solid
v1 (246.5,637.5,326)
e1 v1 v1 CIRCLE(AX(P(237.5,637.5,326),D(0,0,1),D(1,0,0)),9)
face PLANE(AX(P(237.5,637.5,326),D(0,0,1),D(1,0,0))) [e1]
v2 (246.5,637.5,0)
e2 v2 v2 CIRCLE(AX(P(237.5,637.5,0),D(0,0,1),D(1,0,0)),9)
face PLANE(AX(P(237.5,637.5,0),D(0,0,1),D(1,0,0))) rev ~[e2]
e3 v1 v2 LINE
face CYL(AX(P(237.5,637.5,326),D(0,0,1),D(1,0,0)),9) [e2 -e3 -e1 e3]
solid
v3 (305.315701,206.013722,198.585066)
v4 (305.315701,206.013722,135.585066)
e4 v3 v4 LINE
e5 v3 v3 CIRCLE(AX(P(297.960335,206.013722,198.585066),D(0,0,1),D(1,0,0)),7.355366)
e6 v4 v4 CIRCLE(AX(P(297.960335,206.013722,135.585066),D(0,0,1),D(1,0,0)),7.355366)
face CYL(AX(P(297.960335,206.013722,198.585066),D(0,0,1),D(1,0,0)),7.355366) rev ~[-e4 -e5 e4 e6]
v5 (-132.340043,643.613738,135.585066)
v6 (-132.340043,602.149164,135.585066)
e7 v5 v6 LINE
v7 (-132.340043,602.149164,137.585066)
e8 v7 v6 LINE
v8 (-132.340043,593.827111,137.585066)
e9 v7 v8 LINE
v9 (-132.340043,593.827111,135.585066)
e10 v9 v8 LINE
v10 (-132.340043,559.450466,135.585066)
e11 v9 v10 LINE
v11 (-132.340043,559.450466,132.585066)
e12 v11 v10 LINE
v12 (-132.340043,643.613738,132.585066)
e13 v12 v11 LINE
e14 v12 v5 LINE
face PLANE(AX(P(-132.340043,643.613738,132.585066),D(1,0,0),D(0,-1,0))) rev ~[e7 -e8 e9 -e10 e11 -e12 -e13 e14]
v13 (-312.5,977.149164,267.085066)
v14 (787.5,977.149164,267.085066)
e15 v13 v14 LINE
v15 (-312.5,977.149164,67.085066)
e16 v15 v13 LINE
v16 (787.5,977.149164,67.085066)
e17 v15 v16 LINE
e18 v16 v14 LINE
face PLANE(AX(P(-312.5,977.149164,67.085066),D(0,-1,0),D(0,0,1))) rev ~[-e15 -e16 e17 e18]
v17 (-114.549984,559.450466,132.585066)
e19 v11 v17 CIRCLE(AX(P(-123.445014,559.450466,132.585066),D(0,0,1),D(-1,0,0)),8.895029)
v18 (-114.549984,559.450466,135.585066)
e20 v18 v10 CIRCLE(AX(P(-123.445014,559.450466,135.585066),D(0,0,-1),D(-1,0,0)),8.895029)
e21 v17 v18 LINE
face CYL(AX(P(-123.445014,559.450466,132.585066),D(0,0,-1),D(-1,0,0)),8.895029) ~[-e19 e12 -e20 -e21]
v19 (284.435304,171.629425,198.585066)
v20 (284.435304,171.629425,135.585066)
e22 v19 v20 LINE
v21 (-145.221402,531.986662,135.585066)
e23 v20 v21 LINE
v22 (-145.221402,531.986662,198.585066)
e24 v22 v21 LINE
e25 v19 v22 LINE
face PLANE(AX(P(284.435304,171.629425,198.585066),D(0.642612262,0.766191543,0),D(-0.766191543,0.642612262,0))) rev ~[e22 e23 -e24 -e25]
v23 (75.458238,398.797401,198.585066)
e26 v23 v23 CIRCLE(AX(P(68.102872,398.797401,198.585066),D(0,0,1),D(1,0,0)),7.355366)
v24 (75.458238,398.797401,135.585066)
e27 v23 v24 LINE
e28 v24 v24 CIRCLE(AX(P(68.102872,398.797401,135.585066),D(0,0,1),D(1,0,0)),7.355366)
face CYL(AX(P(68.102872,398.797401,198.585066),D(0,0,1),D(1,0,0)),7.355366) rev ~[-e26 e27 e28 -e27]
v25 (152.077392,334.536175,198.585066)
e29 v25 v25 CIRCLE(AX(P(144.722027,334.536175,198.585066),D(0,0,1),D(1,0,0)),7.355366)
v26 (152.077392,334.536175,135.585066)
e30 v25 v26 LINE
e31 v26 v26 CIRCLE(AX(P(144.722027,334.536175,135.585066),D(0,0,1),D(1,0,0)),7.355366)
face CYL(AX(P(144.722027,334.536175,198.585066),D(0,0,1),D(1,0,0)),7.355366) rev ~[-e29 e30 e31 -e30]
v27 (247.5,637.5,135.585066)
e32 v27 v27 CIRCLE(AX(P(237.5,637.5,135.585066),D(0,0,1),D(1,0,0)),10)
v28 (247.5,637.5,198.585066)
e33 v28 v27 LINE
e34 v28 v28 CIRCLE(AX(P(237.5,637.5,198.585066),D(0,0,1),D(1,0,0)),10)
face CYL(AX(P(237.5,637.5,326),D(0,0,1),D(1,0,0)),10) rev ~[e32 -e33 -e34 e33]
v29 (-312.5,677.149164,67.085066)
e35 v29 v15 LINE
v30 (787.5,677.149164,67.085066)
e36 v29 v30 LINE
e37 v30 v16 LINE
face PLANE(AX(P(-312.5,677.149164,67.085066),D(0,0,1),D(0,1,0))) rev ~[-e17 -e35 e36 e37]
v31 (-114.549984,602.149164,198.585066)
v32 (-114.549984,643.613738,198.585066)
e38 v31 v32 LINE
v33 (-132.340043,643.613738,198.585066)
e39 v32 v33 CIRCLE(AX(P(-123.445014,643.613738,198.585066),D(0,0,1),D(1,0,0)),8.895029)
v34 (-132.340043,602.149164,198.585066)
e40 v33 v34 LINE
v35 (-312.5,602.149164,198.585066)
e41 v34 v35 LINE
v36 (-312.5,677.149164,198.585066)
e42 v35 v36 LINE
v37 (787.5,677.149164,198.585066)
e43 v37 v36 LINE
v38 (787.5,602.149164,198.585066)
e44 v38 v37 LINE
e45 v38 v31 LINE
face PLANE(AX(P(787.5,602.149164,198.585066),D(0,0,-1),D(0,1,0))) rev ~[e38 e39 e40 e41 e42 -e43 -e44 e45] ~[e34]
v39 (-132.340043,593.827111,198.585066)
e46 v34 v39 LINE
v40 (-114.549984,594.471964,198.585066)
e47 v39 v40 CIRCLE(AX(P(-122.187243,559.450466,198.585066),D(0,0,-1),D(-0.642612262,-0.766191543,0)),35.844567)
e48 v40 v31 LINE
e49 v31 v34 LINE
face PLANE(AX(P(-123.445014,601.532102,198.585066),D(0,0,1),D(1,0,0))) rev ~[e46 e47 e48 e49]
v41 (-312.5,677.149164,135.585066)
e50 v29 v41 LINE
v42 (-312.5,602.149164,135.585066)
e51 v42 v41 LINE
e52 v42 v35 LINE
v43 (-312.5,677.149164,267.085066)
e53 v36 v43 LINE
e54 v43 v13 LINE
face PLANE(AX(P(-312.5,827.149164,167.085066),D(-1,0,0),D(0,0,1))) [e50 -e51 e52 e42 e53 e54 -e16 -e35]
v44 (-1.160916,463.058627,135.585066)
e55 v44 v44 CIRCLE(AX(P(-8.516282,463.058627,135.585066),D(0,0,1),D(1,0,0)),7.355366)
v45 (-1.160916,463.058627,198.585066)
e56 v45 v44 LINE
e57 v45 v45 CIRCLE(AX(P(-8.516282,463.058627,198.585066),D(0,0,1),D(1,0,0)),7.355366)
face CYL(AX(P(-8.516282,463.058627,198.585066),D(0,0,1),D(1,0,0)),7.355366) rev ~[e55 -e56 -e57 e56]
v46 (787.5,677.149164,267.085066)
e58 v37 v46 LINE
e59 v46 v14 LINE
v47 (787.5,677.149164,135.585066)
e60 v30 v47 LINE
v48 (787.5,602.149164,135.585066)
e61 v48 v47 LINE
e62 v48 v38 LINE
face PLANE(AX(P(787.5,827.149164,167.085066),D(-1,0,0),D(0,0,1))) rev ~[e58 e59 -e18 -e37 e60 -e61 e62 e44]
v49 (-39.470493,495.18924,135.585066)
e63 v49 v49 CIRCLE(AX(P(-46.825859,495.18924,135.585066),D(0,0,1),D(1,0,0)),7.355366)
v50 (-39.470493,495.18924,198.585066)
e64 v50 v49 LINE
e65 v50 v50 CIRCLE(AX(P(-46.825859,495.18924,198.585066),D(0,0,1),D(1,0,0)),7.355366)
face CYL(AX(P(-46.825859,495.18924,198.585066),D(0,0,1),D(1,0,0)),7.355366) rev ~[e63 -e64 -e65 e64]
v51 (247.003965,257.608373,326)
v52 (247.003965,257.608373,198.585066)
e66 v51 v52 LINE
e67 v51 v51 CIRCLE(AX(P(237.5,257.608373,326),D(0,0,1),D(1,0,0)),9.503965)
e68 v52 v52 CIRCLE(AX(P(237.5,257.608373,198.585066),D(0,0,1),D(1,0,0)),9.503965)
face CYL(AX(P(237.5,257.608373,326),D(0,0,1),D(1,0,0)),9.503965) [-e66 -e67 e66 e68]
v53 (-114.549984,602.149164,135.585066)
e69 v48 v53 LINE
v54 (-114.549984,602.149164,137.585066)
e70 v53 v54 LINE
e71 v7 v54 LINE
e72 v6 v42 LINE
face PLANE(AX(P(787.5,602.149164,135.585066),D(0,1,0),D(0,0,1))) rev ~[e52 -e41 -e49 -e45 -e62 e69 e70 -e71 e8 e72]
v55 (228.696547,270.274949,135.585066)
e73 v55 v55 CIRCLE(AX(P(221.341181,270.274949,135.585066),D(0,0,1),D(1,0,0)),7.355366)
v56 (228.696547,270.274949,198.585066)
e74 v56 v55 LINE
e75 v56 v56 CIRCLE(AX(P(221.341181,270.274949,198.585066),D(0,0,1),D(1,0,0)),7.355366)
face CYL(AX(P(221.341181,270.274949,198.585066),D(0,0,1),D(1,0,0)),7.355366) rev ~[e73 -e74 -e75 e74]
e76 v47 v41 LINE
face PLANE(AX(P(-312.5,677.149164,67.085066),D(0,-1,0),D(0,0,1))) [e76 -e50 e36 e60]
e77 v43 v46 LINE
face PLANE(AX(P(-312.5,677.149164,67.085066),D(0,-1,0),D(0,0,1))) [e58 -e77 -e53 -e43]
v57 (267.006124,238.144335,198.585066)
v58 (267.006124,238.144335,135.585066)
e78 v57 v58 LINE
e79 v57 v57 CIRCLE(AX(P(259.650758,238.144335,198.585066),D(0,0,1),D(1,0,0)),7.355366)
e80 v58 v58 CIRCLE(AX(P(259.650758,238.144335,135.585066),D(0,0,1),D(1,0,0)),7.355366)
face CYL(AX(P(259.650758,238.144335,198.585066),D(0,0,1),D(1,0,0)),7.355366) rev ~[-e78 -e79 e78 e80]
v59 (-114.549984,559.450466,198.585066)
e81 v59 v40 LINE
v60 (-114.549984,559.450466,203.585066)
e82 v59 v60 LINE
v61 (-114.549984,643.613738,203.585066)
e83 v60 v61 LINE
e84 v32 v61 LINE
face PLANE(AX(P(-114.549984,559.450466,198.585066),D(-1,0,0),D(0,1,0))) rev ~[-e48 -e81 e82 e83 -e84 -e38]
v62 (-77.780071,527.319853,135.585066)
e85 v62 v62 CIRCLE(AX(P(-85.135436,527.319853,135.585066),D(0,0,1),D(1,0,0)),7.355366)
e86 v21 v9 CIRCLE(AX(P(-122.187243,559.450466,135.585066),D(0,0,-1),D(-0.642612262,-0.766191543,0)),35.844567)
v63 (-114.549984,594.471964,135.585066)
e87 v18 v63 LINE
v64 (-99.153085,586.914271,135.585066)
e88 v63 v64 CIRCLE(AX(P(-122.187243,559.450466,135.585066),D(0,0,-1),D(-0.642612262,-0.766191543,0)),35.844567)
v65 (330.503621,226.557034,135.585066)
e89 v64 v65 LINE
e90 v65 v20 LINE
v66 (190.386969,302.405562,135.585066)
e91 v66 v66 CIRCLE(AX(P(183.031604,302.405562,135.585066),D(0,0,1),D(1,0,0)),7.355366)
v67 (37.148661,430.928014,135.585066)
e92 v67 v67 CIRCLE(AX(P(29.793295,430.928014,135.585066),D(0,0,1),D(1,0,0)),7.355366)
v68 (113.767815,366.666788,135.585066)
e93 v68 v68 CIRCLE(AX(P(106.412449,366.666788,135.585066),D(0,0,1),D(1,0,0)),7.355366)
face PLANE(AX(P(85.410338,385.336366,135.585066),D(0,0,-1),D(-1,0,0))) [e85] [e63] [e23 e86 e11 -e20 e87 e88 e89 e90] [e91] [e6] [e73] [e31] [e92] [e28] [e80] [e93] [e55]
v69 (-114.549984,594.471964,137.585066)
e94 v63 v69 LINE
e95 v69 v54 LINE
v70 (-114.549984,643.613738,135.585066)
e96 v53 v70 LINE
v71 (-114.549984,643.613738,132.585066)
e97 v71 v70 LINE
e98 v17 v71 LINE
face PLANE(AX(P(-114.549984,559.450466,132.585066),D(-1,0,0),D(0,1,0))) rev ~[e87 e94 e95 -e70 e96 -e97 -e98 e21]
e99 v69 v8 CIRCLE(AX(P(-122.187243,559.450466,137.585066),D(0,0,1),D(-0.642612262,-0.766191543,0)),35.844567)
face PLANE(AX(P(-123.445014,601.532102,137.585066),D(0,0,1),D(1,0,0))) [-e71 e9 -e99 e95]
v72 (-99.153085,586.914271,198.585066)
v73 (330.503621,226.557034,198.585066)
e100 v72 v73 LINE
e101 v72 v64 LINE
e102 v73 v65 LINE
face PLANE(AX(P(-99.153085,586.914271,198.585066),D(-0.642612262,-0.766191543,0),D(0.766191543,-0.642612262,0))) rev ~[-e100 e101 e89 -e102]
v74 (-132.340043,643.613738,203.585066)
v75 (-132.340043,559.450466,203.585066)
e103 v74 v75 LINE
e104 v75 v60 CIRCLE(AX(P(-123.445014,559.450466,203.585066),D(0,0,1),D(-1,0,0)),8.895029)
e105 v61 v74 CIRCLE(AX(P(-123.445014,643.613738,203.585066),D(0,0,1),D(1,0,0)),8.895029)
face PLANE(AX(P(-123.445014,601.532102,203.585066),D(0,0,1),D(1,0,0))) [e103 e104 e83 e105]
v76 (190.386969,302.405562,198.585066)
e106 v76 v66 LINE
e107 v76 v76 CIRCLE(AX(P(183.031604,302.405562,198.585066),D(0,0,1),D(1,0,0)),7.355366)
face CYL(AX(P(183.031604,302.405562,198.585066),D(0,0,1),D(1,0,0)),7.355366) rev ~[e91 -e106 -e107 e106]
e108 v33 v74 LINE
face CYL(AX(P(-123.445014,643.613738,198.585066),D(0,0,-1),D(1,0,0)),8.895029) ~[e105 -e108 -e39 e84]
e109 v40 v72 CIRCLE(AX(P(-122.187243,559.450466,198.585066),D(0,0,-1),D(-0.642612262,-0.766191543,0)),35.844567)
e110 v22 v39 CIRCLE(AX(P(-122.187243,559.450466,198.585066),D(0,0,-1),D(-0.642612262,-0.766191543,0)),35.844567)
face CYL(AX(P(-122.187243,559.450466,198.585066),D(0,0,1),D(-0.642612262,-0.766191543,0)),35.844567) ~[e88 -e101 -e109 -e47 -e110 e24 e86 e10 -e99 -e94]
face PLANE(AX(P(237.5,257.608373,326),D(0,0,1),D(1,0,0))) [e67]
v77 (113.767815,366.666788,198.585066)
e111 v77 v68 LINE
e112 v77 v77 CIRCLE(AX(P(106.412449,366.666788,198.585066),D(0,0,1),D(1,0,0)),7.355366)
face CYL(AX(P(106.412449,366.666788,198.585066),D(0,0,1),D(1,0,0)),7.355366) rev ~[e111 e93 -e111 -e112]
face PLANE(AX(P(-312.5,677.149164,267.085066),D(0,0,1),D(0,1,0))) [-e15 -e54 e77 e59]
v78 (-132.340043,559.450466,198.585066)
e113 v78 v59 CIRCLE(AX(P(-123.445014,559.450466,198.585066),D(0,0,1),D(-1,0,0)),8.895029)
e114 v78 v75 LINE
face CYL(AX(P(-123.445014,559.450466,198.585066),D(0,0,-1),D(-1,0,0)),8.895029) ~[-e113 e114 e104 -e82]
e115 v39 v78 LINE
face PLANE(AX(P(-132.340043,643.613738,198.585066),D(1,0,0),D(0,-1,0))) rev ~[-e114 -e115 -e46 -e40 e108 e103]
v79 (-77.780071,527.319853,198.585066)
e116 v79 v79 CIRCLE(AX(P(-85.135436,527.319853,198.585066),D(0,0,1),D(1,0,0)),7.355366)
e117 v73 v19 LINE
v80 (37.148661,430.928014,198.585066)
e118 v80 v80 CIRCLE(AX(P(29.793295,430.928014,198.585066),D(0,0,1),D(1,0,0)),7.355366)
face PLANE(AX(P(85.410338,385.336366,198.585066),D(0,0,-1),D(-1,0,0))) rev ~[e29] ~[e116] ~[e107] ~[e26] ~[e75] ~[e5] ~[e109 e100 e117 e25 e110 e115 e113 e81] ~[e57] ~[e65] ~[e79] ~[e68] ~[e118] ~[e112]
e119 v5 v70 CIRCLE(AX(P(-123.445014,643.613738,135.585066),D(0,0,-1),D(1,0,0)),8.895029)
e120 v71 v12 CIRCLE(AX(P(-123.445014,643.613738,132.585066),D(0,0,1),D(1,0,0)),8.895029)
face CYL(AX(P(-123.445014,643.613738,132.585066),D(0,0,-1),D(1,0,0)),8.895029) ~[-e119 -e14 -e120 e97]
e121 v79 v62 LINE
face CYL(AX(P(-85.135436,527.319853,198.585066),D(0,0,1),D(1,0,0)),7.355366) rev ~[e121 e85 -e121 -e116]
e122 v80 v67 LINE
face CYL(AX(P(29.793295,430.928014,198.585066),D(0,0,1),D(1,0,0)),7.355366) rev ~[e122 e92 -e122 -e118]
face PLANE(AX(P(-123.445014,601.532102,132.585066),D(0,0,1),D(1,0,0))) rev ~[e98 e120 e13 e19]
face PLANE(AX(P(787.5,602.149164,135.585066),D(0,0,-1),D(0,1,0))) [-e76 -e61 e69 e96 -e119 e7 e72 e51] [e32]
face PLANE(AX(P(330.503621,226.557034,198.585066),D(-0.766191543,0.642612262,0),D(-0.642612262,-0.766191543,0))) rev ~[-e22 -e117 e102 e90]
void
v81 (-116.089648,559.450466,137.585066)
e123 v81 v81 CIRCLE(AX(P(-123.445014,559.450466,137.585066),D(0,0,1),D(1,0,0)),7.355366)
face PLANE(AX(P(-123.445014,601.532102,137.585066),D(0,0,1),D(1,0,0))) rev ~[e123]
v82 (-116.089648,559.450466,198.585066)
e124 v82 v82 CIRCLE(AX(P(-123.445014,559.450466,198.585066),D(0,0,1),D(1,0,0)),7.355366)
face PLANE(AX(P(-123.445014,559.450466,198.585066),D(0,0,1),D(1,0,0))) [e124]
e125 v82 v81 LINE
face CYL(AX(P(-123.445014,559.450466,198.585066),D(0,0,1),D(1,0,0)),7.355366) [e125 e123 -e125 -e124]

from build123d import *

# Parameters (mm, degrees)
BOSS_EXTRU_4_DEPTH         = 550
BOSS_EXTRU_4_DEPTH_BACK    = 550
ESQUISSE7_W                = 63
ESQUISSE7_H                = 75
ESQUISSE3_R                = 10
ENL_V_MAT_EXTRU_2_DEPTH    = 1056.909601573
BOSS_EXTRU_5_DEPTH         = 63
BOSS_EXTRU_6_DEPTH         = 5
ESQUISSE12_R               = 7.355365699
ENL_V_MAT_EXTRU_3_DEPTH    = 100
R_P_TITION_LIN_AIRE2_COUNT = 12
R_P_TITION_LIN_AIRE2_PITCH = 50
BOSS_EXTRU_7_REACH         = 1057.91
ESQUISSE13_R               = 9.503964929
R_P_TITION_LIN_AIRE3_COUNT = 2
R_P_TITION_LIN_AIRE3_PITCH = 66
ESQUISSE14_R               = 9
BOSS_EXTRU_8_DEPTH         = 326
ESQUISSE15_W               = 200
ESQUISSE15_H               = 300
BOSS_EXTRU_9_DEPTH         = 1100


with BuildPart() as part:
    # Esquisse7 → Boss.-Extru.4 (new, two sides: drawn at the far end of the back side and taken through both)
    with BuildSketch(Plane.ZY.offset(-237.5).offset(-BOSS_EXTRU_4_DEPTH_BACK)):
        with Locations((167.0850662, 639.649163537)):
            Rectangle(ESQUISSE7_W, ESQUISSE7_H)
    extrude(amount=BOSS_EXTRU_4_DEPTH + BOSS_EXTRU_4_DEPTH_BACK)

    # Esquisse3 → Enlèv. mat.-Extru.2 (cut, through all)
    with BuildSketch(Plane.XY.offset(326)):
        with Locations((237.5, 637.5)):
            Circle(ESQUISSE3_R)
    extrude(amount=-ENL_V_MAT_EXTRU_2_DEPTH, mode=Mode.SUBTRACT)



with BuildPart() as body_2:
    # Esquisse11 → Boss.-Extru.5 (new body)
    with BuildSketch(Plane.XY.offset(198.5850662)):
        with BuildLine():
            Line((330.503621206, 226.557033524), (-99.153084709, 586.914270743))
            ThreePointArc((-99.153084709, 586.914270743), (-149.651047416, 582.484624891), (-145.221401564, 531.986662185))
            Line((-145.221401564, 531.986662185), (284.435304351, 171.629424966))
            Line((284.435304351, 171.629424966), (330.503621206, 226.557033524))
        make_face()
    extrude(amount=-BOSS_EXTRU_5_DEPTH)


with BuildPart() as part_1:
    add(part.part)

    add(body_2.part)  # Boss.-Extru.6 merges body 2
    # Esquisse11<3> → Boss.-Extru.6 (add)
    with BuildSketch(Plane.XY.offset(198.5850662)):
        with BuildLine():
            ThreePointArc((-114.54998443, 643.613737641), (-123.445013511, 652.508766722), (-132.340042592, 643.613737641))
            Line((-132.340042592, 643.613737641), (-132.340042592, 559.450466464))
            ThreePointArc((-132.340042592, 559.450466464), (-123.445013511, 550.555437383), (-114.54998443, 559.450466464))
            Line((-114.54998443, 559.450466464), (-114.54998443, 643.613737641))
        make_face()
    boss_extru_6 = extrude(amount=BOSS_EXTRU_6_DEPTH)

    # Esquisse12 → Enlèv. mat.-Extru.3 (cut)
    with BuildSketch(Plane.XY.offset(198.5850662)):
        with Locations((-123.445013511, 559.450466464)):
            Circle(ESQUISSE12_R)
    enl_v_mat_extru_3 = extrude(amount=-ENL_V_MAT_EXTRU_3_DEPTH, mode=Mode.SUBTRACT)

    # Répétition linéaire2: Enlèv. mat.-Extru.3 ×12
    with Locations(*[Vector(0.7661915431257937, -0.6426122619764698, 0) * (i * R_P_TITION_LIN_AIRE2_PITCH) for i in range(1, R_P_TITION_LIN_AIRE2_COUNT)]):
        add(enl_v_mat_extru_3, mode=Mode.SUBTRACT)

    # Esquisse13 → Boss.-Extru.7 (add, up to next)
    with BuildSketch(Plane.XY.offset(326), mode=Mode.PRIVATE) as boss_extru_7_sk1:
        with Locations((237.5, 257.608372702)):
            Circle(ESQUISSE13_R)
    boss_extru_7_tool1 = extrude(boss_extru_7_sk1.sketch, amount=-BOSS_EXTRU_7_REACH, mode=Mode.PRIVATE) - part_1.part
    add(boss_extru_7_tool1.solids().sort_by_distance((237.5, 257.608373, 326))[0])

    # Répétition linéaire3: Boss.-Extru.6 ×2
    with Locations(*[(0, 0, -i * R_P_TITION_LIN_AIRE3_PITCH) for i in range(1, R_P_TITION_LIN_AIRE3_COUNT)]):
        add(boss_extru_6)

    # Esquisse15 → Boss.-Extru.9 (add)
    with BuildSketch(Plane.ZY.offset(312.5)):
        with Locations((167.0850662, 827.149163537)):
            Rectangle(ESQUISSE15_W, ESQUISSE15_H)
    extrude(amount=-BOSS_EXTRU_9_DEPTH)


with BuildPart() as body_2_2:
    # Esquisse14 → Boss.-Extru.8 (new body)
    with BuildSketch(Plane.XY.offset(326)):
        with Locations((237.5, 637.5)):
            Circle(ESQUISSE14_R)
    extrude(amount=-BOSS_EXTRU_8_DEPTH)


solid = Compound([part_1.part, body_2_2.part])
